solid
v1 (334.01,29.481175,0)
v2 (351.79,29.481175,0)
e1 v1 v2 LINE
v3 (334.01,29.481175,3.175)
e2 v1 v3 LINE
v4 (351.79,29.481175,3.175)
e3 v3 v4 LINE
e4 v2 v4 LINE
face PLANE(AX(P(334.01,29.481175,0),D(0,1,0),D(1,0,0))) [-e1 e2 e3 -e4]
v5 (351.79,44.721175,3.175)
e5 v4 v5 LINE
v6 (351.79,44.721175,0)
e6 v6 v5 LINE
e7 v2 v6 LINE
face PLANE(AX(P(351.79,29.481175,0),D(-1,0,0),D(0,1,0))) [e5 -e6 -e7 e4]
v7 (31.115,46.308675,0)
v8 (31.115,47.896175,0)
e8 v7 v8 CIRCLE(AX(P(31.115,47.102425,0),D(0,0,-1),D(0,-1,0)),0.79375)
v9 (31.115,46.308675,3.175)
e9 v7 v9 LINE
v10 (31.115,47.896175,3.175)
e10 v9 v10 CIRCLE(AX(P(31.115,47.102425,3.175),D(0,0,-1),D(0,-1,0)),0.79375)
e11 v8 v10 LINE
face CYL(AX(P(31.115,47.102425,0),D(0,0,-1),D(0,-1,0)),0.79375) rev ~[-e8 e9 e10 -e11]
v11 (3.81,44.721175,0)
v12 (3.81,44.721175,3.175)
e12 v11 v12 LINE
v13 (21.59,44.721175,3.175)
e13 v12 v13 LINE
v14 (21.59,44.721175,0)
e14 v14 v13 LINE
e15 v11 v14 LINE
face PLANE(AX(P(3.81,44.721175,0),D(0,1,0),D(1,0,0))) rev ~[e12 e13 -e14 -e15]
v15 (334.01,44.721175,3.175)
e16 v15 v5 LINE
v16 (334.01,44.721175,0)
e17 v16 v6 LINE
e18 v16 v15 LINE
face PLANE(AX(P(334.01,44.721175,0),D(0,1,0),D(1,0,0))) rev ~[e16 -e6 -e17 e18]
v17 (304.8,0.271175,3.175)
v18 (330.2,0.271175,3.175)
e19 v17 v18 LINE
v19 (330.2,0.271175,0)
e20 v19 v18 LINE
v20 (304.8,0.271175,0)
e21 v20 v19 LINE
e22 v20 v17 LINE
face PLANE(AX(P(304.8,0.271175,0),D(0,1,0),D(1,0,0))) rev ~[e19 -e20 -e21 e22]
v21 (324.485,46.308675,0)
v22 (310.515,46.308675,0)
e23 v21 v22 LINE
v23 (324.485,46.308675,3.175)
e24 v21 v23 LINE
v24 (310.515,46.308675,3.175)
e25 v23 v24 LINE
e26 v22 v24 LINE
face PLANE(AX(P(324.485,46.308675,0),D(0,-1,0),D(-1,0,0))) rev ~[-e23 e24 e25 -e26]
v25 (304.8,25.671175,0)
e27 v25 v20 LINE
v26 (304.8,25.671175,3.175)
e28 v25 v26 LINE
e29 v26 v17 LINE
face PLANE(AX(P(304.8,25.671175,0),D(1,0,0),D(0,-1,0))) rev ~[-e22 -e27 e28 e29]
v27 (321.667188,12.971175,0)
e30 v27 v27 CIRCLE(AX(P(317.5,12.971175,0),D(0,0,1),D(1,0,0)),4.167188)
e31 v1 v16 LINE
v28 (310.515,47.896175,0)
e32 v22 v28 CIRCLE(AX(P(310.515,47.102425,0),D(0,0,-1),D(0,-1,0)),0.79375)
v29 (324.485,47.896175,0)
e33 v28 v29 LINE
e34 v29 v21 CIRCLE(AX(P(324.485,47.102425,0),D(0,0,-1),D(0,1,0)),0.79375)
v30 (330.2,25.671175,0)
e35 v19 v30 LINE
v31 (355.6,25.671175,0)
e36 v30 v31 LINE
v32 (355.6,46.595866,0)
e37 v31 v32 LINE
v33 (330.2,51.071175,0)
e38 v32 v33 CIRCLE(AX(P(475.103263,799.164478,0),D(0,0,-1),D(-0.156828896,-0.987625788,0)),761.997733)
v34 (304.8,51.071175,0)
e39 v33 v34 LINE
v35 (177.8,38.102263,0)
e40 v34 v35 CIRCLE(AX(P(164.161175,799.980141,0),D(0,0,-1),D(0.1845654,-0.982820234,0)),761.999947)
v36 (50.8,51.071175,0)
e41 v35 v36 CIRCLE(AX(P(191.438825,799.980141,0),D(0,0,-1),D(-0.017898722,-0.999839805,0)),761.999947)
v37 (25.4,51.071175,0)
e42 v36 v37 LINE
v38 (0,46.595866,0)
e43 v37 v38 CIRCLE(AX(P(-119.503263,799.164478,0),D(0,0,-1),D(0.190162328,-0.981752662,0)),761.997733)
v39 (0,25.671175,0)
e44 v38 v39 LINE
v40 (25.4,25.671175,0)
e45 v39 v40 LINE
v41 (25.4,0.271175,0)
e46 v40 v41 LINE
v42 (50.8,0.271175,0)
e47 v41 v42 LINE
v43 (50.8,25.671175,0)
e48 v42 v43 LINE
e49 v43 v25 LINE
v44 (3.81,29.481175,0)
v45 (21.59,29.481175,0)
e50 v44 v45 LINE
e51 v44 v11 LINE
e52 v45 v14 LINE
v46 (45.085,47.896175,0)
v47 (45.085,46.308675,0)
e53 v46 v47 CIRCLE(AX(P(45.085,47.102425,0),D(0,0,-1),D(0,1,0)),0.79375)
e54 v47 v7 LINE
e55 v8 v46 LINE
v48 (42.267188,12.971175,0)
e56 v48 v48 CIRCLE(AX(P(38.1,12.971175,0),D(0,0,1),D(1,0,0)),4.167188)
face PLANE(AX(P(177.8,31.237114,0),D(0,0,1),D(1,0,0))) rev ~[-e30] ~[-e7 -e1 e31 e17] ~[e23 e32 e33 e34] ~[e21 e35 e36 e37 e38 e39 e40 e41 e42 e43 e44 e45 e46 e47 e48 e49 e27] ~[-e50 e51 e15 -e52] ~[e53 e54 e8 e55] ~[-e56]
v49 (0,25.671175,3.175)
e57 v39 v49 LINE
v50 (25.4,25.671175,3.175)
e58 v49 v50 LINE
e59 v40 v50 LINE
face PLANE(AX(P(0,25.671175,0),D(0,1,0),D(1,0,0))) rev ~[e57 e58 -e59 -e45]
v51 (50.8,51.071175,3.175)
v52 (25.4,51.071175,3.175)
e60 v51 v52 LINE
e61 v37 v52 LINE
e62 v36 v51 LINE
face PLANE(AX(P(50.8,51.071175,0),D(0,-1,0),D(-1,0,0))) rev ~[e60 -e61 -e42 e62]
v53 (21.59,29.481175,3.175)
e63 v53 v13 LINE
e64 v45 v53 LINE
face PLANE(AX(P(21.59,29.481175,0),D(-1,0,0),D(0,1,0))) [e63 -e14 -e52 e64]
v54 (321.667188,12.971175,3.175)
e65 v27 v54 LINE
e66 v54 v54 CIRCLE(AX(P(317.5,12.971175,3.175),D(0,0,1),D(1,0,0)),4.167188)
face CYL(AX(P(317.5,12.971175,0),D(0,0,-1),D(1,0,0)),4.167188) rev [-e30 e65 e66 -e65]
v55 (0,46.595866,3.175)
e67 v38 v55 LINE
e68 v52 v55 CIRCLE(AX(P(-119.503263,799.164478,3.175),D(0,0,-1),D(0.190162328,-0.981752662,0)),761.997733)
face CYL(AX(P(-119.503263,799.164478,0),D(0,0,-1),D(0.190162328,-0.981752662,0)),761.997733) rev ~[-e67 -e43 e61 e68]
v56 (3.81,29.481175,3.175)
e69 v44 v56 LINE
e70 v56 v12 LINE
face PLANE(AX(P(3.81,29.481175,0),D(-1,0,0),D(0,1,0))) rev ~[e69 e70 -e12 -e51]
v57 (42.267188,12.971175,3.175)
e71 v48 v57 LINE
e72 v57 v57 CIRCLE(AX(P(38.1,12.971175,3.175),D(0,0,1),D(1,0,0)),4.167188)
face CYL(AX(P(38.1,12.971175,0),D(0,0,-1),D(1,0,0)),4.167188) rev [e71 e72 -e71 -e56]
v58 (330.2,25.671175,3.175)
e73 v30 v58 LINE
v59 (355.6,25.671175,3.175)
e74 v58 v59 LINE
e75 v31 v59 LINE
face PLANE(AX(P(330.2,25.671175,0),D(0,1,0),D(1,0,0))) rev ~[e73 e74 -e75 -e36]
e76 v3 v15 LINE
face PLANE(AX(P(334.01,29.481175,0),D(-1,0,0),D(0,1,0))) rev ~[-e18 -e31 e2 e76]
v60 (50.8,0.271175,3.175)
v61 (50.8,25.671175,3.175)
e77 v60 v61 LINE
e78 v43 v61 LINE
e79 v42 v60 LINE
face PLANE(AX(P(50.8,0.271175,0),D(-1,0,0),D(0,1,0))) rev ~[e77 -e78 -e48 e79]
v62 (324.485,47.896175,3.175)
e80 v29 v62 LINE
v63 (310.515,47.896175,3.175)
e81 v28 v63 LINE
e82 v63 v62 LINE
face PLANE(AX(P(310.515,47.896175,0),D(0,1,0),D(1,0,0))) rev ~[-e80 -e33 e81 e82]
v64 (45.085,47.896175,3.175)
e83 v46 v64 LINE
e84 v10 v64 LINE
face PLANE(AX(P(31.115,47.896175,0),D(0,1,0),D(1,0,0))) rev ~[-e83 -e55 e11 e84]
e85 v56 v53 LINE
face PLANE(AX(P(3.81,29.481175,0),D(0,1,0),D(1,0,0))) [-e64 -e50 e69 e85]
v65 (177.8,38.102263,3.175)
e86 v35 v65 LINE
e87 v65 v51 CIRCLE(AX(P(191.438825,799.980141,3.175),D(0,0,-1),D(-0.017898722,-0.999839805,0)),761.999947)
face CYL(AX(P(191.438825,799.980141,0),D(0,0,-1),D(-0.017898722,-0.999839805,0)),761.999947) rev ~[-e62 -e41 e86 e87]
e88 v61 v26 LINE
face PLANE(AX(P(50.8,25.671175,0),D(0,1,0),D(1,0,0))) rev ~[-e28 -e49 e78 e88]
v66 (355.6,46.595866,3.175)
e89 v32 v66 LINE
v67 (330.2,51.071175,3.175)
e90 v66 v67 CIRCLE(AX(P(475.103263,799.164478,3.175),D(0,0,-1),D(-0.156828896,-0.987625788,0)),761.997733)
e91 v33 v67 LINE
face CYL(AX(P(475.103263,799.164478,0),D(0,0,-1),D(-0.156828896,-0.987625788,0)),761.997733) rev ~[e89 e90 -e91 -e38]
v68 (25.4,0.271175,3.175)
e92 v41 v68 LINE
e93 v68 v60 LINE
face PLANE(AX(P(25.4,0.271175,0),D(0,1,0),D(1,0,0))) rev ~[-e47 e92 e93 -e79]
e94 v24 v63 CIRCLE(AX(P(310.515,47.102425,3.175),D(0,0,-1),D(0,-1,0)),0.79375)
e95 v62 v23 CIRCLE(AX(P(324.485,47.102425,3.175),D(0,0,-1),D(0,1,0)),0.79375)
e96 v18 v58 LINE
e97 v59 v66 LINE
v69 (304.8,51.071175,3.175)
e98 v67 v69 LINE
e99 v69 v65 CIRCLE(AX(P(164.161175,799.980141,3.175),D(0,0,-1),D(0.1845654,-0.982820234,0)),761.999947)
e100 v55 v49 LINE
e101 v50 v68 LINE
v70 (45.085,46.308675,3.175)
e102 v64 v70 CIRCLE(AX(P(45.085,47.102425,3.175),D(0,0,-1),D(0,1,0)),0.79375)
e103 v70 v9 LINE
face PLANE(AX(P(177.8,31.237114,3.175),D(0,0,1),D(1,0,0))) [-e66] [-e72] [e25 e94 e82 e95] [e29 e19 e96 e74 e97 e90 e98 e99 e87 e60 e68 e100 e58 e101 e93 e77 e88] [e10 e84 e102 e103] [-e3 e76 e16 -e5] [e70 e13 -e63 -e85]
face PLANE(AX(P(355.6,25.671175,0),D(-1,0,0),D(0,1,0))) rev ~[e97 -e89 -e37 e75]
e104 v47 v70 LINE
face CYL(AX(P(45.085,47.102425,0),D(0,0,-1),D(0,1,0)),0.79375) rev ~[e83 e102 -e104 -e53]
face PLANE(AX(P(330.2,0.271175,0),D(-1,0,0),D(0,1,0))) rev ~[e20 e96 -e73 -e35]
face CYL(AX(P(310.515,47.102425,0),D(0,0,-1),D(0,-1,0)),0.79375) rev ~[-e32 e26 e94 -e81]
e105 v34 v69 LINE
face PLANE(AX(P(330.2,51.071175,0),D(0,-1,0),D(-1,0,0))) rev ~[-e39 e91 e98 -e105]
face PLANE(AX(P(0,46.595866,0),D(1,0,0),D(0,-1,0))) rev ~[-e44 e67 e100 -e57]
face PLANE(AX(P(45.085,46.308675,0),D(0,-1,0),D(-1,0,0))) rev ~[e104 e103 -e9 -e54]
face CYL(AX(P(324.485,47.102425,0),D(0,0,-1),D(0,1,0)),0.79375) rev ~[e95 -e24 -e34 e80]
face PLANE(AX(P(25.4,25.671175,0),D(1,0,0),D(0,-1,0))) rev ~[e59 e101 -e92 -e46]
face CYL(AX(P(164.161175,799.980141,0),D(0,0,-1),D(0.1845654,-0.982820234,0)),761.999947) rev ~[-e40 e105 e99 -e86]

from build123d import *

# Parameters (mm, degrees)
F0_R     = 4.167188
F0_W     = 17.78
F0_H     = 15.24
F1_DEPTH = 3.175


with BuildPart() as f1:
    # F0 (on Top) → F1 (new body)
    with BuildSketch(Plane.XY):
        with BuildLine():
            Line((25.4, 25.671175), (25.4, 0.271175))
            Line((25.4, 0.271175), (50.8, 0.271175))
            Line((50.8, 0.271175), (50.8, 25.671175))
            Line((50.8, 25.671175), (177.8, 25.671175))
            Line((177.8, 25.671175), (304.8, 25.671175))
            Line((304.8, 25.671175), (304.8, 0.271175))
            Line((304.8, 0.271175), (330.2, 0.271175))
            Line((330.2, 0.271175), (330.2, 25.671175))
            Line((330.2, 25.671175), (355.6, 25.671175))
            Line((355.6, 25.671175), (355.6, 46.595866))
            ThreePointArc((355.6, 46.595866), (342.881064, 48.726049), (330.2, 51.071175))
            Line((330.2, 51.071175), (304.8, 51.071175))
            ThreePointArc((304.8, 51.071175), (241.572069, 41.922444), (177.8, 38.102263))
            ThreePointArc((177.8, 38.102263), (114.027931, 41.922444), (50.8, 51.071175))
            Line((50.8, 51.071175), (25.4, 51.071175))
            ThreePointArc((25.4, 51.071175), (12.718936, 48.726049), (0, 46.595866))
            Line((0, 46.595866), (0, 25.671175))
            Line((0, 25.671175), (25.4, 25.671175))
        make_face()
        with Locations((38.1, 12.971175)):
            Circle(F0_R, mode=Mode.SUBTRACT)
        with Locations((317.5, 12.971175)):
            Circle(F0_R, mode=Mode.SUBTRACT)
        with Locations((12.7, 37.101175)):
            Rectangle(F0_W, F0_H, mode=Mode.SUBTRACT)
        with BuildLine():
            ThreePointArc((31.115, 46.308675), (30.32125, 47.102425), (31.115, 47.896175))
            Line((31.115, 47.896175), (45.085, 47.896175))
            ThreePointArc((45.085, 47.896175), (45.87875, 47.102425), (45.085, 46.308675))
            Line((45.085, 46.308675), (31.115, 46.308675))
        make_face(mode=Mode.SUBTRACT)
        with Locations((342.9, 37.101175)):
            Rectangle(F0_W, F0_H, mode=Mode.SUBTRACT)
        with BuildLine():
            Line((310.515, 47.896175), (324.485, 47.896175))
            ThreePointArc((324.485, 47.896175), (325.27875, 47.102425), (324.485, 46.308675))
            Line((324.485, 46.308675), (310.515, 46.308675))
            ThreePointArc((310.515, 46.308675), (309.72125, 47.102425), (310.515, 47.896175))
        make_face(mode=Mode.SUBTRACT)
    extrude(amount=F1_DEPTH)


solid = f1.part
